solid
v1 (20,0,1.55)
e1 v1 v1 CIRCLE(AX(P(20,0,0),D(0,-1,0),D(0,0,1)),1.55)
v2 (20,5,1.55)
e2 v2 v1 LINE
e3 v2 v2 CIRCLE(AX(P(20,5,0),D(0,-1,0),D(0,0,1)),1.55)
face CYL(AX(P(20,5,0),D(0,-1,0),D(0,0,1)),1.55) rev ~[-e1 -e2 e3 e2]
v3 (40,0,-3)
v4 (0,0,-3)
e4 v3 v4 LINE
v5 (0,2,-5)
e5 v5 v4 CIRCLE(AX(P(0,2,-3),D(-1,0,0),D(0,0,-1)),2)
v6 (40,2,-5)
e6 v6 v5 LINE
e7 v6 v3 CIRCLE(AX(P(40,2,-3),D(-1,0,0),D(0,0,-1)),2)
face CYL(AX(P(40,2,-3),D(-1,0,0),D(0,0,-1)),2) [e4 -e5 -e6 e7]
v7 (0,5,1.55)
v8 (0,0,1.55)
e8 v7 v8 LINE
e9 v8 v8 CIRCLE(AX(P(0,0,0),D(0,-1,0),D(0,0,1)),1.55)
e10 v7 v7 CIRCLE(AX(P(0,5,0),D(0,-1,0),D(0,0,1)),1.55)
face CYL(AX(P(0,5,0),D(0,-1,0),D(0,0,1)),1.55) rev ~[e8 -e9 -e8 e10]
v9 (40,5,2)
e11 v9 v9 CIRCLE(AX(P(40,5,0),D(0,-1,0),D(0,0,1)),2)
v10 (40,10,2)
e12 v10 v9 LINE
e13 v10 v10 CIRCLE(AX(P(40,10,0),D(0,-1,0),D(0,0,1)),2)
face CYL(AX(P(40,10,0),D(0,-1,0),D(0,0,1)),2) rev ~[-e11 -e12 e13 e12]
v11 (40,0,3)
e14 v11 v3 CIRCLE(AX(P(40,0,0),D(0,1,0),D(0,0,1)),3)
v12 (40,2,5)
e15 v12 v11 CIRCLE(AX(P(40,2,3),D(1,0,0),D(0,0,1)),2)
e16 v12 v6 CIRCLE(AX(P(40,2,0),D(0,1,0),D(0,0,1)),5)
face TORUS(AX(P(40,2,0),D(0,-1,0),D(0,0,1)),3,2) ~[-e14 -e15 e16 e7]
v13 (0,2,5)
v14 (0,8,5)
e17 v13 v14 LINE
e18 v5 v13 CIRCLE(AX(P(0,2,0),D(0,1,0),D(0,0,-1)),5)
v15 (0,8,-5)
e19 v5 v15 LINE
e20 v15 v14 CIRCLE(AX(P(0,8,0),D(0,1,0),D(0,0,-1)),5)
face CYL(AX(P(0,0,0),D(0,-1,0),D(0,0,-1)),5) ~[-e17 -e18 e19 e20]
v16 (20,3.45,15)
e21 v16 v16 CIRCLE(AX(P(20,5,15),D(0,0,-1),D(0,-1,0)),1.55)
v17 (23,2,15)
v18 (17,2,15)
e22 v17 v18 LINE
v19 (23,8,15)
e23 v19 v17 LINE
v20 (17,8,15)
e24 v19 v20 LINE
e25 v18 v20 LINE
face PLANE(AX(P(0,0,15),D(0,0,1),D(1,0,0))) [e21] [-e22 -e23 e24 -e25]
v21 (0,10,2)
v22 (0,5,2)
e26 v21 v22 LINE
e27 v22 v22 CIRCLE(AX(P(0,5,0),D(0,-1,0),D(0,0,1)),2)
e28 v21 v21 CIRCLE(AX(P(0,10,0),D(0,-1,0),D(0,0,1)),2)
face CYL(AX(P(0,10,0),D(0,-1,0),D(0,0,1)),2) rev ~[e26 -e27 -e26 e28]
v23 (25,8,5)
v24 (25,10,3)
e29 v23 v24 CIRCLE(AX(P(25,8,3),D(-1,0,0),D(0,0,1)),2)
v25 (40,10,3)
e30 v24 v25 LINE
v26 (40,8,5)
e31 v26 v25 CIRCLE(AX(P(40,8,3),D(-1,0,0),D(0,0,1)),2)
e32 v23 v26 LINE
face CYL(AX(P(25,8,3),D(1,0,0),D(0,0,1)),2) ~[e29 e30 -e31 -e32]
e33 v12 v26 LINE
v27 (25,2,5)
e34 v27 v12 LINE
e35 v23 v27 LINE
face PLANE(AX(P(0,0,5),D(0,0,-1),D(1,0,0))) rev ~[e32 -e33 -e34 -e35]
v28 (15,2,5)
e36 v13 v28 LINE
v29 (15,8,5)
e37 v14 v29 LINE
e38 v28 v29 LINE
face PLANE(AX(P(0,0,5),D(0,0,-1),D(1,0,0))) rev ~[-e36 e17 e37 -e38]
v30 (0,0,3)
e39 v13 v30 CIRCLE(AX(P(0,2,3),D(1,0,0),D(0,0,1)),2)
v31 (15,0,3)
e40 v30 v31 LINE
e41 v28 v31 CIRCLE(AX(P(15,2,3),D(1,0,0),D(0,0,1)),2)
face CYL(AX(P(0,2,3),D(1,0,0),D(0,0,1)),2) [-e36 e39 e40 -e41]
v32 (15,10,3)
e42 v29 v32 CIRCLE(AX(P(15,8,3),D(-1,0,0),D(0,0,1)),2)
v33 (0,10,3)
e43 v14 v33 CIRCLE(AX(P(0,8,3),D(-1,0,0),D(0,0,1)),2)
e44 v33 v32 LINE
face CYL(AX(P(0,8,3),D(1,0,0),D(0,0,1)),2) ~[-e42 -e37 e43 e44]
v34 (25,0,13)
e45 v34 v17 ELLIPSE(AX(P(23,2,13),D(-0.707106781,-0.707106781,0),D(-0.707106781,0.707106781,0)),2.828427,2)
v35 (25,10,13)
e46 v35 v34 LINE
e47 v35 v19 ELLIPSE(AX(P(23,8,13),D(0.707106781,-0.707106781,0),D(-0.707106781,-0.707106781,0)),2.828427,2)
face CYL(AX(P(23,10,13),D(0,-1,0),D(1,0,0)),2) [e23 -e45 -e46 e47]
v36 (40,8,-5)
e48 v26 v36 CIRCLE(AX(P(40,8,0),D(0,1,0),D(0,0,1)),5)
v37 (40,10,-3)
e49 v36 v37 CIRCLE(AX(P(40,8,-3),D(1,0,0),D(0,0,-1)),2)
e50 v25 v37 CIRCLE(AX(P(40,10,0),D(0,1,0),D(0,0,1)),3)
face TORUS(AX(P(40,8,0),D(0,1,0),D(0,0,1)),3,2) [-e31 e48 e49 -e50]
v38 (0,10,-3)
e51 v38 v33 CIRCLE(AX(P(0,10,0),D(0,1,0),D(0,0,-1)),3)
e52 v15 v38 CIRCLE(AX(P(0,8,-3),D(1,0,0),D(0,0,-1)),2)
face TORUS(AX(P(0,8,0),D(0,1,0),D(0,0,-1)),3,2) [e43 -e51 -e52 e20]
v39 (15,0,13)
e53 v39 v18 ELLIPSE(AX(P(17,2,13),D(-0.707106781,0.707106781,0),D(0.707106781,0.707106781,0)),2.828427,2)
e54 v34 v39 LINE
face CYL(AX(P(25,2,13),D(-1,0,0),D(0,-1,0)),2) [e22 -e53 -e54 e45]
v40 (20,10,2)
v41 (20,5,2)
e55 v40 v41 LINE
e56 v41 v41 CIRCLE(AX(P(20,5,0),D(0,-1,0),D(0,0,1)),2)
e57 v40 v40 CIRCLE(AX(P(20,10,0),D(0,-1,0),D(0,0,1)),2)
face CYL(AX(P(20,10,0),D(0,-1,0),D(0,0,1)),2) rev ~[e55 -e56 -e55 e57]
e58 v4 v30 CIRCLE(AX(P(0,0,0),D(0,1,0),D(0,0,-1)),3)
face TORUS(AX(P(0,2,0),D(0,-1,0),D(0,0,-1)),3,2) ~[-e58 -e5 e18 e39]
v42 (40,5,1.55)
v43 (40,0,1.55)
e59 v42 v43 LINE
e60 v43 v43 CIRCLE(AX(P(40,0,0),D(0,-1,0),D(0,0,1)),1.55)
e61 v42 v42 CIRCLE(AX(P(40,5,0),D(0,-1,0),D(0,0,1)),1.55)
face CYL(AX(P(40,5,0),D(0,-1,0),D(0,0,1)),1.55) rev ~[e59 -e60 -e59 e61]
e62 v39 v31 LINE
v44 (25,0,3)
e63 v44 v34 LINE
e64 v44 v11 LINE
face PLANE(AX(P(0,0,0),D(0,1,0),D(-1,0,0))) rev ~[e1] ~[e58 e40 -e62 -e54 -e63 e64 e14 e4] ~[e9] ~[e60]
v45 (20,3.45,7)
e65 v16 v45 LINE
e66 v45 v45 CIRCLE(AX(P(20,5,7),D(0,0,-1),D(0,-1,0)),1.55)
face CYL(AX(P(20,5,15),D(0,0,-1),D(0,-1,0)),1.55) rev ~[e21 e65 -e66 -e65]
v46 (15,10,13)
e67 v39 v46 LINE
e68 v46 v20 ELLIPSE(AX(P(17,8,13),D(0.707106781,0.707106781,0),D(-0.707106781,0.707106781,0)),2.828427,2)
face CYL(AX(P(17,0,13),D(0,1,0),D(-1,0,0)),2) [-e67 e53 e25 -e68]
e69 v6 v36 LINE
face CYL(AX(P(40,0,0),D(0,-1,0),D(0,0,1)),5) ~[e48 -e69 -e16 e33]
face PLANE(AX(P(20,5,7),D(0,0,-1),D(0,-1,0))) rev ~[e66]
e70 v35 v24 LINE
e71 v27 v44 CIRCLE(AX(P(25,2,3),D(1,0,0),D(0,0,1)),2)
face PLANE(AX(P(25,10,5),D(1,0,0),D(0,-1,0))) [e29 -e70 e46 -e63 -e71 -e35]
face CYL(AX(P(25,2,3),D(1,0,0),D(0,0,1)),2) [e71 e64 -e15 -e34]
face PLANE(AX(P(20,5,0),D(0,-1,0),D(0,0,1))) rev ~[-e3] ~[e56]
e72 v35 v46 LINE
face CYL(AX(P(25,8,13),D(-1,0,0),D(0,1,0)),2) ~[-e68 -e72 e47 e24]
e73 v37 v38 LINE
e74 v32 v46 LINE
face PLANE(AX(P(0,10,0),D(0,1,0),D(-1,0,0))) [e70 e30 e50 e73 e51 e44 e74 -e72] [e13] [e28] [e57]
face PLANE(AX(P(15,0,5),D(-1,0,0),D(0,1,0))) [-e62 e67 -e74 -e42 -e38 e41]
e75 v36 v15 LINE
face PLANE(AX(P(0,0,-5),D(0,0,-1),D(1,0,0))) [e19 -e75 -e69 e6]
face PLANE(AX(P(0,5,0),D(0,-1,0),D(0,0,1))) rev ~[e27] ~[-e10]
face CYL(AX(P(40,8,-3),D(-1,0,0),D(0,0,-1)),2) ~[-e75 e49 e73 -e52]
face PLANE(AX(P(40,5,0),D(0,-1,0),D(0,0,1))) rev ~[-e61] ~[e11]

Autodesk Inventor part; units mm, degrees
ref_plane "YZ Plane" through (0, 0, 0) normal (1, 0, 0) x (0, 1, 0)
ref_plane "XZ Plane" through (0, 0, 0) normal (0, 1, 0) x (-1, 0, 0)
ref_plane "XY Plane" through (0, 0, 0) normal (0, 0, 1) x (1, 0, 0)
sketch "Sketch1" plane through (0, 0, 0) normal (0, 1, 0) x (-1, 0, 0)
  arc A0 (0, -5) -> (0, 5) centre (0, 0) ccw
  arc A1 (-40, 5) -> (-40, -5) centre (-40, 0) ccw
  line L0 (0, 5) -> (-40, 5)
  line L1 (0, -5) -> (-40, -5)
  dimension "d2" = 40
extrude "Extrusion1" add sketch "Sketch1" along normal blind 10
sketch "Sketch2" plane through (0, 10, 0) normal (0, 1, 0) x (1, 0, 0)
  point P0 (0, 0)
hole "Hole1" at (0, 10, 0) direction (0, -1, 0) diameter 3.1 end through all counterbore diameter 4 counterbore depth 5
sketch "Sketch3" plane through (0, 10, 0) normal (0, 1, 0) x (1, 0, 0)
  arc A0 (40, -5) -> (40, 5) centre (40, 0) ccw projected
  point P0 (0, 0)
  point P1 (20, 0)
hole "Hole2" at (40, 10, 0) at (20, 10, 0) direction (0, -1, 0) diameter 3.1 end through all counterbore diameter 4 counterbore depth 5
sketch "Sketch4" plane through (0, 0, 5) normal (0, 0, 1) x (1, 0, 0)
  line L0 (21.55, 5) -> (18.45, 5) projected
  line L1 (40, 10) -> (0, 10) projected
  line L2 (40, 0) -> (0, 0) projected
  line L3 (15, 10) -> (25, 10)
  line L4 (25, 10) -> (25, 0)
  line L5 (25, 0) -> (15, 0)
  line L6 (15, 0) -> (15, 10)
  point P0 (20, 5)
  dimension "d19" = 10
  dimension "d20" = 5
extrude "Extrusion2" add sketch "Sketch4" along normal blind 10
fillet "Fillet1" radius 2 14 edges at (20, 10, 15) (15, 5, 15) (20, 0, 15) (25, 5, 15) (-5, 10, 0) (20, 10, -5) (45, 10, 0) (32.5, 10, 5) (7.5, 10, 5) (-5, 0, 0) (20, 0, -5) (45, 0, 0) (32.5, 0, 5) (7.5, 0, 5)
sketch "Sketch5" plane through (0, 0, 15) normal (0, 0, 1) x (1, 0, 0)
  line L0 (21.55, 5) -> (18.45, 5) projected
  point P0 (0, 0)
  point P1 (20, 5)
hole "Hole3" at (20, 5, 15) direction (0, 0, -1) diameter 3.1 depth 8
